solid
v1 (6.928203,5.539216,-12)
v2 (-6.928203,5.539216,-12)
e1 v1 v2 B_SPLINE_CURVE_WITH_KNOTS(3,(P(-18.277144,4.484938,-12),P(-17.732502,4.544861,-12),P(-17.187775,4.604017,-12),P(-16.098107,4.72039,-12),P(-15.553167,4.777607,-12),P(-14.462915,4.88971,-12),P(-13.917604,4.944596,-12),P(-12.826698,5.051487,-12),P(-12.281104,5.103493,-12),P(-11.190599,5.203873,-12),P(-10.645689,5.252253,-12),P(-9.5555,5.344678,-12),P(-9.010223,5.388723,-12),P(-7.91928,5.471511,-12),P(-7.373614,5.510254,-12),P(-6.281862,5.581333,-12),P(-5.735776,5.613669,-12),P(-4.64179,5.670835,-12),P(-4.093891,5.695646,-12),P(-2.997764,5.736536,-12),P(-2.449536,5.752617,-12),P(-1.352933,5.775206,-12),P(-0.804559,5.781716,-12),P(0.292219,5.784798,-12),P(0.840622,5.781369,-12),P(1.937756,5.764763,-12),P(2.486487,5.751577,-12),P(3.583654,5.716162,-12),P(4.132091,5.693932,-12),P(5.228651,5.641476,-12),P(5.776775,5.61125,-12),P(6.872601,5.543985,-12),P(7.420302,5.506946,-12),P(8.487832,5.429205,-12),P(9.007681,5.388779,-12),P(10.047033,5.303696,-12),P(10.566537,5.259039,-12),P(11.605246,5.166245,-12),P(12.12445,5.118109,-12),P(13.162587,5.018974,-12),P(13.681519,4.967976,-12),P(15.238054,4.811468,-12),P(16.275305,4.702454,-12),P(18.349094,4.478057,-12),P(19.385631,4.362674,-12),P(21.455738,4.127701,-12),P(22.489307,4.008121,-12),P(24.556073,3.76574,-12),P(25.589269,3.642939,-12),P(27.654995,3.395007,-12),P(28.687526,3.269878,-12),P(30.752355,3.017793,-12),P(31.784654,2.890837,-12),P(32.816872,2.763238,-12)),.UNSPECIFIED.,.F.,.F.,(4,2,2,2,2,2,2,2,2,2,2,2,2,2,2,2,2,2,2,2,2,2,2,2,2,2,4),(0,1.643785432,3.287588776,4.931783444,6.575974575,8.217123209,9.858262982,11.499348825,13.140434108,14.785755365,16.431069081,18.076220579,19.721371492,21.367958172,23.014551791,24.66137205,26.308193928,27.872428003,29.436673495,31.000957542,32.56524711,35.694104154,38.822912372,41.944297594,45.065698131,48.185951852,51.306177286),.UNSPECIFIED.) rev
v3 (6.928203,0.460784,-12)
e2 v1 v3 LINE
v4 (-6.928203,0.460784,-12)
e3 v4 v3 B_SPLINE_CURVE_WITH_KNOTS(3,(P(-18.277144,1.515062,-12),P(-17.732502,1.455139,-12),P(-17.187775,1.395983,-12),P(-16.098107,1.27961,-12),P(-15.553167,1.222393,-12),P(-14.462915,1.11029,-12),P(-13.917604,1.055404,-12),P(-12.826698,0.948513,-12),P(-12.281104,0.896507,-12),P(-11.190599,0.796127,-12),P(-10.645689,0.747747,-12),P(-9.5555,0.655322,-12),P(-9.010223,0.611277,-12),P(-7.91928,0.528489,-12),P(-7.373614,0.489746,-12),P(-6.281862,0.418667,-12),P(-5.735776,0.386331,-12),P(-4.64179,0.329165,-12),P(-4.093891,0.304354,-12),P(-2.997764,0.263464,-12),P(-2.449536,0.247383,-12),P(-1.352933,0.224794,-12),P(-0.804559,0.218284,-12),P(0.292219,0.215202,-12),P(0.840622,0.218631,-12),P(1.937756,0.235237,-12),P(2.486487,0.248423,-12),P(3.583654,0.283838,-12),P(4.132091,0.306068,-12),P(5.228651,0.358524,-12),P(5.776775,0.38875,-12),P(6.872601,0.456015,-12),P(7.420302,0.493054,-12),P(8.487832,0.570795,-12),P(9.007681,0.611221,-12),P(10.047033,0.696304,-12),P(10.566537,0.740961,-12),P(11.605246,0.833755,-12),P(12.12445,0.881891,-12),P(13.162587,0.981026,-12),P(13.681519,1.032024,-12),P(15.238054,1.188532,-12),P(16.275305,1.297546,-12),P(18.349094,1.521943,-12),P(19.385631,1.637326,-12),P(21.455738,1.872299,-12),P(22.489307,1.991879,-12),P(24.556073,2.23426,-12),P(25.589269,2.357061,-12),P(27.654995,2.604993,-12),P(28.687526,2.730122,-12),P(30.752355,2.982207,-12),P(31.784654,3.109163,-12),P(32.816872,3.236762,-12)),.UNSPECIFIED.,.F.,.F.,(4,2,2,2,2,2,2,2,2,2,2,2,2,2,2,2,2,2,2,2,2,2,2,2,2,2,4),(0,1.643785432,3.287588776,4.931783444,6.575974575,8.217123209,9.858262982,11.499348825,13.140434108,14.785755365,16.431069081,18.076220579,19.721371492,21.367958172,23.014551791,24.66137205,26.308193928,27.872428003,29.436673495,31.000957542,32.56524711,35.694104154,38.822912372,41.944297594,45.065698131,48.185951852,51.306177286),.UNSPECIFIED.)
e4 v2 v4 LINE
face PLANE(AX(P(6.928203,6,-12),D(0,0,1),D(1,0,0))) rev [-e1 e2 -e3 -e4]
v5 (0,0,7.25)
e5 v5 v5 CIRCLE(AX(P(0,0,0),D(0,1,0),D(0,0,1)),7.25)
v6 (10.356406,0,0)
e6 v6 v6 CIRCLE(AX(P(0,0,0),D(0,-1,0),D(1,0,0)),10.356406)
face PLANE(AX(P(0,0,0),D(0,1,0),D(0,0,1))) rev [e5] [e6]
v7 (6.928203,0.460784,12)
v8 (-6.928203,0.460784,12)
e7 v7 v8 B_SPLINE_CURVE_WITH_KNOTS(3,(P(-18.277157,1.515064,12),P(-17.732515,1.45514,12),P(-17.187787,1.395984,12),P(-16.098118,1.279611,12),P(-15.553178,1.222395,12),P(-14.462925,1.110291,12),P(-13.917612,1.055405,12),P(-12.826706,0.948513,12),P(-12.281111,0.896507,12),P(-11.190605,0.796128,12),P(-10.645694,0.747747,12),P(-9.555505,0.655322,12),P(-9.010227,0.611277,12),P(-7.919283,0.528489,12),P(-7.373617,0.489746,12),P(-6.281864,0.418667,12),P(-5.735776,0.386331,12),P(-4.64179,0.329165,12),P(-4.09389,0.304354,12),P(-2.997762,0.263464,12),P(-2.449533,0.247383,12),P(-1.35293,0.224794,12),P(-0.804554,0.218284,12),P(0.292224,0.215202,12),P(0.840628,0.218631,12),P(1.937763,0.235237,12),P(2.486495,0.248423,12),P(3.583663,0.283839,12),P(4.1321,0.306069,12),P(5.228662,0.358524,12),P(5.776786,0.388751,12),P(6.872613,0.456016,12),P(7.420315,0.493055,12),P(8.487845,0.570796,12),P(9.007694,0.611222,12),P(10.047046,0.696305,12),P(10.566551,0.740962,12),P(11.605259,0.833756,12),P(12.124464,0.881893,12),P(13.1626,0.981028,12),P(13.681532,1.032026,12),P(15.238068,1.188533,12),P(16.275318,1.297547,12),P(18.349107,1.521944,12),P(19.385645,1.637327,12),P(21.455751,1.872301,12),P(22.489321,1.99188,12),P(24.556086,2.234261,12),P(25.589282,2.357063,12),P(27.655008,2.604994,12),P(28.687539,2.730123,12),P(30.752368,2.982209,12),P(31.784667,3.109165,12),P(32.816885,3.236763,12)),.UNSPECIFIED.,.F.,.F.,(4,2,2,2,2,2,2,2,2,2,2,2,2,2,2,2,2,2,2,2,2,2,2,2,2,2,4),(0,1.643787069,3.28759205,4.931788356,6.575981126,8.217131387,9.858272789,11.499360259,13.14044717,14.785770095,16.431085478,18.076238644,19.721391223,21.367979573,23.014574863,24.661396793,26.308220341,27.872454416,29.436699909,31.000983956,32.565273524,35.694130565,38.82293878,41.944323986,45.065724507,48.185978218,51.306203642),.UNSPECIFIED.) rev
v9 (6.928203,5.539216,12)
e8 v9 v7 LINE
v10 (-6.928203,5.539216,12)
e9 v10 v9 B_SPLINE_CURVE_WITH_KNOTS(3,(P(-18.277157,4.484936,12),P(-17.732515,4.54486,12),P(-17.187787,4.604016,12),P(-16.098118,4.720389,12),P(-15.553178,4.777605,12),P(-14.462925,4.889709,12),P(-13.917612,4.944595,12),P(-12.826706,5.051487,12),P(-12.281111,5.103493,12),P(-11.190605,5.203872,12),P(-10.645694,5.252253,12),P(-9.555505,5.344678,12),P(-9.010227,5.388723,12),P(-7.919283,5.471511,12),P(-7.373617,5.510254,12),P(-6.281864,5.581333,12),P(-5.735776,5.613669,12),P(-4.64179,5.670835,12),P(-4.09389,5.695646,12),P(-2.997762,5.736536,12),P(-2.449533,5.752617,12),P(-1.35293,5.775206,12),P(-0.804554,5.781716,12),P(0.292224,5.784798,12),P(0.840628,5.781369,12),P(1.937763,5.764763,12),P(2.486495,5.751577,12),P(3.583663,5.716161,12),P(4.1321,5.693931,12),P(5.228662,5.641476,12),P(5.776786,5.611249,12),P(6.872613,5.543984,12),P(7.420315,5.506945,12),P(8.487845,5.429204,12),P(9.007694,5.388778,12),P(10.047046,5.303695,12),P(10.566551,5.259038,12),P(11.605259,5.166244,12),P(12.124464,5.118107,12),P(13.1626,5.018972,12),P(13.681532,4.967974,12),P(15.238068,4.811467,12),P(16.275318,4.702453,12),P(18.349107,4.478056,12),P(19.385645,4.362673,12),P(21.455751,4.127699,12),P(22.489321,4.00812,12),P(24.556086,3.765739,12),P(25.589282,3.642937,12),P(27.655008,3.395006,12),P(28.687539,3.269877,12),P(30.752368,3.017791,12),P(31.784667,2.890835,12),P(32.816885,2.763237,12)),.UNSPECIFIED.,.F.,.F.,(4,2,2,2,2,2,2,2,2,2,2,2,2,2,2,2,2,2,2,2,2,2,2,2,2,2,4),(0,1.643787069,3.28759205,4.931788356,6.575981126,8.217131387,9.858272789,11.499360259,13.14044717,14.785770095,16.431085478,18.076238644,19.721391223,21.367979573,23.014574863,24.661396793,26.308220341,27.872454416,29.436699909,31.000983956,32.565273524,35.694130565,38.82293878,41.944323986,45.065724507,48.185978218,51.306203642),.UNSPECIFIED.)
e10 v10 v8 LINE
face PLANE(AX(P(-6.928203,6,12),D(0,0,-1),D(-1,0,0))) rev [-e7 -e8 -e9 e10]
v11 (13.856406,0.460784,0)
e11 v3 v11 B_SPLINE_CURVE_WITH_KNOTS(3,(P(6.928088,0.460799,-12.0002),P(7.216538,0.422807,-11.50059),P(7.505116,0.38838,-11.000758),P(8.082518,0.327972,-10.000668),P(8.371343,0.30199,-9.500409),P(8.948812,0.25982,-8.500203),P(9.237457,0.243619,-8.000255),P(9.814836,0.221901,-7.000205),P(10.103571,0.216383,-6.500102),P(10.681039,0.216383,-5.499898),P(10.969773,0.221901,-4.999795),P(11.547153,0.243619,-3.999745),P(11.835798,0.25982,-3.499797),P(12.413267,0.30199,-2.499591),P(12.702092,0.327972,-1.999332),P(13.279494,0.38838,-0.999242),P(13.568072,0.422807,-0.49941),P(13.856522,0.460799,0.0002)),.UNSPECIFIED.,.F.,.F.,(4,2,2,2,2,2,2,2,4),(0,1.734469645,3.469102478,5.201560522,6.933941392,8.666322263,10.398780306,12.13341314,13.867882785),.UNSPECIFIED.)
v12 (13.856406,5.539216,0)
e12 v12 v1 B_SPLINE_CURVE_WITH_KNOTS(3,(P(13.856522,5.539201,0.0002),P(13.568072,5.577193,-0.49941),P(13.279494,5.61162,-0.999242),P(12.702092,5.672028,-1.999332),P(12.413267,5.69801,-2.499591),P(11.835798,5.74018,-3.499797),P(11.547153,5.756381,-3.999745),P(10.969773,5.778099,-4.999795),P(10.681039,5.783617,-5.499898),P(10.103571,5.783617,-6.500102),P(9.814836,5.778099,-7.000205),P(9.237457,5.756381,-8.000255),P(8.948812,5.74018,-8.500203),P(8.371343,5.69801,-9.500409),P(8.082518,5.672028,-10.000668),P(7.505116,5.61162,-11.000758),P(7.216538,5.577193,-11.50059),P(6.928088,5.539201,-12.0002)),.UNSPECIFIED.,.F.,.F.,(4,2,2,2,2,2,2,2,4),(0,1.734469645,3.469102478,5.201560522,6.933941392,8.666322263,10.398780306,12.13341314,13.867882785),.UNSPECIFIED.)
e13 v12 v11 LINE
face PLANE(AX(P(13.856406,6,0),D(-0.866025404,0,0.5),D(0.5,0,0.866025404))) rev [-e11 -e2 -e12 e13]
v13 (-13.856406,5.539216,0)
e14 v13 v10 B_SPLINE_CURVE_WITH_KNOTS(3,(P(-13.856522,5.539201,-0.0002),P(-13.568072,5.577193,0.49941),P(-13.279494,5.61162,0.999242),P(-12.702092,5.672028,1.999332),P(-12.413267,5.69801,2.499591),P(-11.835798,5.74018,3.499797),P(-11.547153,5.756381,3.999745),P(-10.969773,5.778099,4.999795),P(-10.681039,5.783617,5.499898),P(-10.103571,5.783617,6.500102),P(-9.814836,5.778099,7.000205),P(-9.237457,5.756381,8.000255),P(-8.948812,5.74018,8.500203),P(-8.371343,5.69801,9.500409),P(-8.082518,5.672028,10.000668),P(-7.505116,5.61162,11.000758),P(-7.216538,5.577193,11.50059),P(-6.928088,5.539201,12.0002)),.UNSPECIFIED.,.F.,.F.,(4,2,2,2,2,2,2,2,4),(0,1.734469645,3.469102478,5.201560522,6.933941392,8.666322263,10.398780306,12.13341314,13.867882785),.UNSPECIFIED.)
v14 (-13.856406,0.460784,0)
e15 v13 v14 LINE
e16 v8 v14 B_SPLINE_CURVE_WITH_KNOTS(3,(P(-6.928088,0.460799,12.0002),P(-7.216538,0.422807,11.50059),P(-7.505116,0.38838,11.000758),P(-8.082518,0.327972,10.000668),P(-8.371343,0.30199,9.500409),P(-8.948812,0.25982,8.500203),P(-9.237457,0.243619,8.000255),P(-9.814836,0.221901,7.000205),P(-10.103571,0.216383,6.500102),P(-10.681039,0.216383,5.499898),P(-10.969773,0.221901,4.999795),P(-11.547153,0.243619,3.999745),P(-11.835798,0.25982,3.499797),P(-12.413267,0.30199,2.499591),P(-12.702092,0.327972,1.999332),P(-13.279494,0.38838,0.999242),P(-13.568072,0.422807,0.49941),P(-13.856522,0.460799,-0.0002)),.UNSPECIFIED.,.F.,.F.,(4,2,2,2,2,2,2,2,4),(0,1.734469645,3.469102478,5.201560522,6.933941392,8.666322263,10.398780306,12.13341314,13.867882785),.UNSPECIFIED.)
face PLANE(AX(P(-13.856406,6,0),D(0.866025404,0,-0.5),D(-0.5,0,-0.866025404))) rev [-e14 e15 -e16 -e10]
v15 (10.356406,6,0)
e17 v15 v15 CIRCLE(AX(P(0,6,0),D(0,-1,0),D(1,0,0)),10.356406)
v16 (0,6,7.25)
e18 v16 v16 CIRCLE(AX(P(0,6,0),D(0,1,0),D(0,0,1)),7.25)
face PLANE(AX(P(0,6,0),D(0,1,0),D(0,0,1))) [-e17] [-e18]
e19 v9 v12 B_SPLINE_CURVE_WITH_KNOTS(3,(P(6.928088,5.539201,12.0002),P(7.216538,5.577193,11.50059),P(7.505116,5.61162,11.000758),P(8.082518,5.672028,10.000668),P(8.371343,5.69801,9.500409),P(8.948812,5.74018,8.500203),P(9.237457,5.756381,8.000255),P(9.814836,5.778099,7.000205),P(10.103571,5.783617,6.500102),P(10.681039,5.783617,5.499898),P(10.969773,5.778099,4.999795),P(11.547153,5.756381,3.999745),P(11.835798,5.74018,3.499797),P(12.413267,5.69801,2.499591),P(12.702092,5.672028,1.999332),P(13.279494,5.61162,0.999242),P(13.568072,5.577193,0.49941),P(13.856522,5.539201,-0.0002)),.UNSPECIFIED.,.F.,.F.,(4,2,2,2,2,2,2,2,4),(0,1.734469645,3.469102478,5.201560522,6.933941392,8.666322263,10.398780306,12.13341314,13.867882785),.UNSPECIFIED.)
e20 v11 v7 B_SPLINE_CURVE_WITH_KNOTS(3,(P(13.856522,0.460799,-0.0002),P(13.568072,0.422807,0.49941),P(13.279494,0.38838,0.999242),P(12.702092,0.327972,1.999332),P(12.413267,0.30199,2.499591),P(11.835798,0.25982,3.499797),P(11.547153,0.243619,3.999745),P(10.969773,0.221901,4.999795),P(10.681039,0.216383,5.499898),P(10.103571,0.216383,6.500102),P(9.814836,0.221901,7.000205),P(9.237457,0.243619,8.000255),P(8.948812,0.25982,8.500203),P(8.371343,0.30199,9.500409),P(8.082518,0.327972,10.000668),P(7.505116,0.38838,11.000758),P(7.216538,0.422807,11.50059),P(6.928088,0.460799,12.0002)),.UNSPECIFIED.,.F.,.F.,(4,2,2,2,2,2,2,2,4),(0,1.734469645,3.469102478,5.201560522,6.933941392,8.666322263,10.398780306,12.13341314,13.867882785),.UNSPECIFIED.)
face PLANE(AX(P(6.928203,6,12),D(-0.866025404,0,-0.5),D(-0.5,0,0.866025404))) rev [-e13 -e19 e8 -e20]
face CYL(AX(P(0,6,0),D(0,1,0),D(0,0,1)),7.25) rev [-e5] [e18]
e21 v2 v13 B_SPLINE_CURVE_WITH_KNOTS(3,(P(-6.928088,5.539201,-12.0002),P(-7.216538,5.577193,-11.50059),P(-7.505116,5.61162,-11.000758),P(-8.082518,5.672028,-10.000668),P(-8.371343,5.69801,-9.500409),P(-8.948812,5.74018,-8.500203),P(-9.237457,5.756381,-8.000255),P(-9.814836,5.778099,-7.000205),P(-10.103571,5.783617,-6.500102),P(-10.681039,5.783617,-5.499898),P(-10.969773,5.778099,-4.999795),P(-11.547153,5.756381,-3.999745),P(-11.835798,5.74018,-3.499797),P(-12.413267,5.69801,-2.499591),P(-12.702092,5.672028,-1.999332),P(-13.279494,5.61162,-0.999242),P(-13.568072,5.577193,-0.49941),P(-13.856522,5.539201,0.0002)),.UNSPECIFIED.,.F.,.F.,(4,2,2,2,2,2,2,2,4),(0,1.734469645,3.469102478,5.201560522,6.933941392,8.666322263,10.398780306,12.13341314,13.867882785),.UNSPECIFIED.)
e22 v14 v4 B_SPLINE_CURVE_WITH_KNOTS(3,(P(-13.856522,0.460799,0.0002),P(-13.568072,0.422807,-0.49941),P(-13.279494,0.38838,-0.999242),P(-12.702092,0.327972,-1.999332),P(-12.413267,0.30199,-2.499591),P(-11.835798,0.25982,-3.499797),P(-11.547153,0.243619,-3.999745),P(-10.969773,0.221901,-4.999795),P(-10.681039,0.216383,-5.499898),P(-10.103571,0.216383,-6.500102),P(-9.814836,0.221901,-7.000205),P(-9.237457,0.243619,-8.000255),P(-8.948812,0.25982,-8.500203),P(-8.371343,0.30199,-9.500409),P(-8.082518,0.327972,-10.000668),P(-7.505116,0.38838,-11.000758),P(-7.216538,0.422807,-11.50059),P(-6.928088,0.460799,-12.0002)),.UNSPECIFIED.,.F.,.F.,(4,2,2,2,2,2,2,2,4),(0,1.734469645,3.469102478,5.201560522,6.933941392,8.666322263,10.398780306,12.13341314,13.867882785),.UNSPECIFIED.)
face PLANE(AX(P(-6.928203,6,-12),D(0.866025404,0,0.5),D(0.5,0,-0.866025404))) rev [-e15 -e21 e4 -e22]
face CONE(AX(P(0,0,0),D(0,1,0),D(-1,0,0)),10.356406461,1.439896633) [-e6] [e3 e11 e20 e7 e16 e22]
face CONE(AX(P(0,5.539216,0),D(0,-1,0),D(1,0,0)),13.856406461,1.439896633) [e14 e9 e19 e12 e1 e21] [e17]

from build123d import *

# Parameters (mm, degrees)
BOSS_EXTRUDE1_DEPTH        = 6
M16X1_5_TAPPED_HOLE1_D     = 14.5
M16X1_5_TAPPED_HOLE1_DEPTH = 39.5
M16X1_5_TAPPED_HOLE1_TIP   = 4.356239488


with BuildPart() as part:
    # Sketch1 → Boss-Extrude1 (new body)
    with BuildSketch(Plane(origin=(0, 0, 0), x_dir=(1, 0, 0), z_dir=(0, 1, 0))):
        Polygon((6.92820323, 12), (-6.92820323, 12), (-13.856406461, 0), (-6.92820323, -12), (6.92820323, -12), (13.856406461, 0), align=None)
    extrude(amount=BOSS_EXTRUDE1_DEPTH)

    # Sketch2 → Cut-Revolve1 (revolve, cut)
    with BuildSketch(Plane.XY):
        Polygon((-13.856406461, 0), (-10.356406461, 0), (-13.856406461, 0.460783742), align=None)
        Polygon((-13.856406461, 6), (-10.356406461, 6), (-13.856406461, 5.539216258), align=None)
    revolve(axis=Axis((0, 0, 0), (0, 1, 0)), mode=Mode.SUBTRACT)

    # M16x1.5 Tapped Hole1
    with Locations(Plane(origin=(0, 6, 0), x_dir=(1, 0, 0), z_dir=(0, 1, 0))):
        with Locations((0, 0)):
            Hole(M16X1_5_TAPPED_HOLE1_D / 2, depth=M16X1_5_TAPPED_HOLE1_DEPTH)
            with Locations((0, 0, -(M16X1_5_TAPPED_HOLE1_DEPTH + M16X1_5_TAPPED_HOLE1_TIP / 2))):  # 118° drill point
                Cone(0, M16X1_5_TAPPED_HOLE1_D / 2, M16X1_5_TAPPED_HOLE1_TIP, mode=Mode.SUBTRACT)


solid = part.part
